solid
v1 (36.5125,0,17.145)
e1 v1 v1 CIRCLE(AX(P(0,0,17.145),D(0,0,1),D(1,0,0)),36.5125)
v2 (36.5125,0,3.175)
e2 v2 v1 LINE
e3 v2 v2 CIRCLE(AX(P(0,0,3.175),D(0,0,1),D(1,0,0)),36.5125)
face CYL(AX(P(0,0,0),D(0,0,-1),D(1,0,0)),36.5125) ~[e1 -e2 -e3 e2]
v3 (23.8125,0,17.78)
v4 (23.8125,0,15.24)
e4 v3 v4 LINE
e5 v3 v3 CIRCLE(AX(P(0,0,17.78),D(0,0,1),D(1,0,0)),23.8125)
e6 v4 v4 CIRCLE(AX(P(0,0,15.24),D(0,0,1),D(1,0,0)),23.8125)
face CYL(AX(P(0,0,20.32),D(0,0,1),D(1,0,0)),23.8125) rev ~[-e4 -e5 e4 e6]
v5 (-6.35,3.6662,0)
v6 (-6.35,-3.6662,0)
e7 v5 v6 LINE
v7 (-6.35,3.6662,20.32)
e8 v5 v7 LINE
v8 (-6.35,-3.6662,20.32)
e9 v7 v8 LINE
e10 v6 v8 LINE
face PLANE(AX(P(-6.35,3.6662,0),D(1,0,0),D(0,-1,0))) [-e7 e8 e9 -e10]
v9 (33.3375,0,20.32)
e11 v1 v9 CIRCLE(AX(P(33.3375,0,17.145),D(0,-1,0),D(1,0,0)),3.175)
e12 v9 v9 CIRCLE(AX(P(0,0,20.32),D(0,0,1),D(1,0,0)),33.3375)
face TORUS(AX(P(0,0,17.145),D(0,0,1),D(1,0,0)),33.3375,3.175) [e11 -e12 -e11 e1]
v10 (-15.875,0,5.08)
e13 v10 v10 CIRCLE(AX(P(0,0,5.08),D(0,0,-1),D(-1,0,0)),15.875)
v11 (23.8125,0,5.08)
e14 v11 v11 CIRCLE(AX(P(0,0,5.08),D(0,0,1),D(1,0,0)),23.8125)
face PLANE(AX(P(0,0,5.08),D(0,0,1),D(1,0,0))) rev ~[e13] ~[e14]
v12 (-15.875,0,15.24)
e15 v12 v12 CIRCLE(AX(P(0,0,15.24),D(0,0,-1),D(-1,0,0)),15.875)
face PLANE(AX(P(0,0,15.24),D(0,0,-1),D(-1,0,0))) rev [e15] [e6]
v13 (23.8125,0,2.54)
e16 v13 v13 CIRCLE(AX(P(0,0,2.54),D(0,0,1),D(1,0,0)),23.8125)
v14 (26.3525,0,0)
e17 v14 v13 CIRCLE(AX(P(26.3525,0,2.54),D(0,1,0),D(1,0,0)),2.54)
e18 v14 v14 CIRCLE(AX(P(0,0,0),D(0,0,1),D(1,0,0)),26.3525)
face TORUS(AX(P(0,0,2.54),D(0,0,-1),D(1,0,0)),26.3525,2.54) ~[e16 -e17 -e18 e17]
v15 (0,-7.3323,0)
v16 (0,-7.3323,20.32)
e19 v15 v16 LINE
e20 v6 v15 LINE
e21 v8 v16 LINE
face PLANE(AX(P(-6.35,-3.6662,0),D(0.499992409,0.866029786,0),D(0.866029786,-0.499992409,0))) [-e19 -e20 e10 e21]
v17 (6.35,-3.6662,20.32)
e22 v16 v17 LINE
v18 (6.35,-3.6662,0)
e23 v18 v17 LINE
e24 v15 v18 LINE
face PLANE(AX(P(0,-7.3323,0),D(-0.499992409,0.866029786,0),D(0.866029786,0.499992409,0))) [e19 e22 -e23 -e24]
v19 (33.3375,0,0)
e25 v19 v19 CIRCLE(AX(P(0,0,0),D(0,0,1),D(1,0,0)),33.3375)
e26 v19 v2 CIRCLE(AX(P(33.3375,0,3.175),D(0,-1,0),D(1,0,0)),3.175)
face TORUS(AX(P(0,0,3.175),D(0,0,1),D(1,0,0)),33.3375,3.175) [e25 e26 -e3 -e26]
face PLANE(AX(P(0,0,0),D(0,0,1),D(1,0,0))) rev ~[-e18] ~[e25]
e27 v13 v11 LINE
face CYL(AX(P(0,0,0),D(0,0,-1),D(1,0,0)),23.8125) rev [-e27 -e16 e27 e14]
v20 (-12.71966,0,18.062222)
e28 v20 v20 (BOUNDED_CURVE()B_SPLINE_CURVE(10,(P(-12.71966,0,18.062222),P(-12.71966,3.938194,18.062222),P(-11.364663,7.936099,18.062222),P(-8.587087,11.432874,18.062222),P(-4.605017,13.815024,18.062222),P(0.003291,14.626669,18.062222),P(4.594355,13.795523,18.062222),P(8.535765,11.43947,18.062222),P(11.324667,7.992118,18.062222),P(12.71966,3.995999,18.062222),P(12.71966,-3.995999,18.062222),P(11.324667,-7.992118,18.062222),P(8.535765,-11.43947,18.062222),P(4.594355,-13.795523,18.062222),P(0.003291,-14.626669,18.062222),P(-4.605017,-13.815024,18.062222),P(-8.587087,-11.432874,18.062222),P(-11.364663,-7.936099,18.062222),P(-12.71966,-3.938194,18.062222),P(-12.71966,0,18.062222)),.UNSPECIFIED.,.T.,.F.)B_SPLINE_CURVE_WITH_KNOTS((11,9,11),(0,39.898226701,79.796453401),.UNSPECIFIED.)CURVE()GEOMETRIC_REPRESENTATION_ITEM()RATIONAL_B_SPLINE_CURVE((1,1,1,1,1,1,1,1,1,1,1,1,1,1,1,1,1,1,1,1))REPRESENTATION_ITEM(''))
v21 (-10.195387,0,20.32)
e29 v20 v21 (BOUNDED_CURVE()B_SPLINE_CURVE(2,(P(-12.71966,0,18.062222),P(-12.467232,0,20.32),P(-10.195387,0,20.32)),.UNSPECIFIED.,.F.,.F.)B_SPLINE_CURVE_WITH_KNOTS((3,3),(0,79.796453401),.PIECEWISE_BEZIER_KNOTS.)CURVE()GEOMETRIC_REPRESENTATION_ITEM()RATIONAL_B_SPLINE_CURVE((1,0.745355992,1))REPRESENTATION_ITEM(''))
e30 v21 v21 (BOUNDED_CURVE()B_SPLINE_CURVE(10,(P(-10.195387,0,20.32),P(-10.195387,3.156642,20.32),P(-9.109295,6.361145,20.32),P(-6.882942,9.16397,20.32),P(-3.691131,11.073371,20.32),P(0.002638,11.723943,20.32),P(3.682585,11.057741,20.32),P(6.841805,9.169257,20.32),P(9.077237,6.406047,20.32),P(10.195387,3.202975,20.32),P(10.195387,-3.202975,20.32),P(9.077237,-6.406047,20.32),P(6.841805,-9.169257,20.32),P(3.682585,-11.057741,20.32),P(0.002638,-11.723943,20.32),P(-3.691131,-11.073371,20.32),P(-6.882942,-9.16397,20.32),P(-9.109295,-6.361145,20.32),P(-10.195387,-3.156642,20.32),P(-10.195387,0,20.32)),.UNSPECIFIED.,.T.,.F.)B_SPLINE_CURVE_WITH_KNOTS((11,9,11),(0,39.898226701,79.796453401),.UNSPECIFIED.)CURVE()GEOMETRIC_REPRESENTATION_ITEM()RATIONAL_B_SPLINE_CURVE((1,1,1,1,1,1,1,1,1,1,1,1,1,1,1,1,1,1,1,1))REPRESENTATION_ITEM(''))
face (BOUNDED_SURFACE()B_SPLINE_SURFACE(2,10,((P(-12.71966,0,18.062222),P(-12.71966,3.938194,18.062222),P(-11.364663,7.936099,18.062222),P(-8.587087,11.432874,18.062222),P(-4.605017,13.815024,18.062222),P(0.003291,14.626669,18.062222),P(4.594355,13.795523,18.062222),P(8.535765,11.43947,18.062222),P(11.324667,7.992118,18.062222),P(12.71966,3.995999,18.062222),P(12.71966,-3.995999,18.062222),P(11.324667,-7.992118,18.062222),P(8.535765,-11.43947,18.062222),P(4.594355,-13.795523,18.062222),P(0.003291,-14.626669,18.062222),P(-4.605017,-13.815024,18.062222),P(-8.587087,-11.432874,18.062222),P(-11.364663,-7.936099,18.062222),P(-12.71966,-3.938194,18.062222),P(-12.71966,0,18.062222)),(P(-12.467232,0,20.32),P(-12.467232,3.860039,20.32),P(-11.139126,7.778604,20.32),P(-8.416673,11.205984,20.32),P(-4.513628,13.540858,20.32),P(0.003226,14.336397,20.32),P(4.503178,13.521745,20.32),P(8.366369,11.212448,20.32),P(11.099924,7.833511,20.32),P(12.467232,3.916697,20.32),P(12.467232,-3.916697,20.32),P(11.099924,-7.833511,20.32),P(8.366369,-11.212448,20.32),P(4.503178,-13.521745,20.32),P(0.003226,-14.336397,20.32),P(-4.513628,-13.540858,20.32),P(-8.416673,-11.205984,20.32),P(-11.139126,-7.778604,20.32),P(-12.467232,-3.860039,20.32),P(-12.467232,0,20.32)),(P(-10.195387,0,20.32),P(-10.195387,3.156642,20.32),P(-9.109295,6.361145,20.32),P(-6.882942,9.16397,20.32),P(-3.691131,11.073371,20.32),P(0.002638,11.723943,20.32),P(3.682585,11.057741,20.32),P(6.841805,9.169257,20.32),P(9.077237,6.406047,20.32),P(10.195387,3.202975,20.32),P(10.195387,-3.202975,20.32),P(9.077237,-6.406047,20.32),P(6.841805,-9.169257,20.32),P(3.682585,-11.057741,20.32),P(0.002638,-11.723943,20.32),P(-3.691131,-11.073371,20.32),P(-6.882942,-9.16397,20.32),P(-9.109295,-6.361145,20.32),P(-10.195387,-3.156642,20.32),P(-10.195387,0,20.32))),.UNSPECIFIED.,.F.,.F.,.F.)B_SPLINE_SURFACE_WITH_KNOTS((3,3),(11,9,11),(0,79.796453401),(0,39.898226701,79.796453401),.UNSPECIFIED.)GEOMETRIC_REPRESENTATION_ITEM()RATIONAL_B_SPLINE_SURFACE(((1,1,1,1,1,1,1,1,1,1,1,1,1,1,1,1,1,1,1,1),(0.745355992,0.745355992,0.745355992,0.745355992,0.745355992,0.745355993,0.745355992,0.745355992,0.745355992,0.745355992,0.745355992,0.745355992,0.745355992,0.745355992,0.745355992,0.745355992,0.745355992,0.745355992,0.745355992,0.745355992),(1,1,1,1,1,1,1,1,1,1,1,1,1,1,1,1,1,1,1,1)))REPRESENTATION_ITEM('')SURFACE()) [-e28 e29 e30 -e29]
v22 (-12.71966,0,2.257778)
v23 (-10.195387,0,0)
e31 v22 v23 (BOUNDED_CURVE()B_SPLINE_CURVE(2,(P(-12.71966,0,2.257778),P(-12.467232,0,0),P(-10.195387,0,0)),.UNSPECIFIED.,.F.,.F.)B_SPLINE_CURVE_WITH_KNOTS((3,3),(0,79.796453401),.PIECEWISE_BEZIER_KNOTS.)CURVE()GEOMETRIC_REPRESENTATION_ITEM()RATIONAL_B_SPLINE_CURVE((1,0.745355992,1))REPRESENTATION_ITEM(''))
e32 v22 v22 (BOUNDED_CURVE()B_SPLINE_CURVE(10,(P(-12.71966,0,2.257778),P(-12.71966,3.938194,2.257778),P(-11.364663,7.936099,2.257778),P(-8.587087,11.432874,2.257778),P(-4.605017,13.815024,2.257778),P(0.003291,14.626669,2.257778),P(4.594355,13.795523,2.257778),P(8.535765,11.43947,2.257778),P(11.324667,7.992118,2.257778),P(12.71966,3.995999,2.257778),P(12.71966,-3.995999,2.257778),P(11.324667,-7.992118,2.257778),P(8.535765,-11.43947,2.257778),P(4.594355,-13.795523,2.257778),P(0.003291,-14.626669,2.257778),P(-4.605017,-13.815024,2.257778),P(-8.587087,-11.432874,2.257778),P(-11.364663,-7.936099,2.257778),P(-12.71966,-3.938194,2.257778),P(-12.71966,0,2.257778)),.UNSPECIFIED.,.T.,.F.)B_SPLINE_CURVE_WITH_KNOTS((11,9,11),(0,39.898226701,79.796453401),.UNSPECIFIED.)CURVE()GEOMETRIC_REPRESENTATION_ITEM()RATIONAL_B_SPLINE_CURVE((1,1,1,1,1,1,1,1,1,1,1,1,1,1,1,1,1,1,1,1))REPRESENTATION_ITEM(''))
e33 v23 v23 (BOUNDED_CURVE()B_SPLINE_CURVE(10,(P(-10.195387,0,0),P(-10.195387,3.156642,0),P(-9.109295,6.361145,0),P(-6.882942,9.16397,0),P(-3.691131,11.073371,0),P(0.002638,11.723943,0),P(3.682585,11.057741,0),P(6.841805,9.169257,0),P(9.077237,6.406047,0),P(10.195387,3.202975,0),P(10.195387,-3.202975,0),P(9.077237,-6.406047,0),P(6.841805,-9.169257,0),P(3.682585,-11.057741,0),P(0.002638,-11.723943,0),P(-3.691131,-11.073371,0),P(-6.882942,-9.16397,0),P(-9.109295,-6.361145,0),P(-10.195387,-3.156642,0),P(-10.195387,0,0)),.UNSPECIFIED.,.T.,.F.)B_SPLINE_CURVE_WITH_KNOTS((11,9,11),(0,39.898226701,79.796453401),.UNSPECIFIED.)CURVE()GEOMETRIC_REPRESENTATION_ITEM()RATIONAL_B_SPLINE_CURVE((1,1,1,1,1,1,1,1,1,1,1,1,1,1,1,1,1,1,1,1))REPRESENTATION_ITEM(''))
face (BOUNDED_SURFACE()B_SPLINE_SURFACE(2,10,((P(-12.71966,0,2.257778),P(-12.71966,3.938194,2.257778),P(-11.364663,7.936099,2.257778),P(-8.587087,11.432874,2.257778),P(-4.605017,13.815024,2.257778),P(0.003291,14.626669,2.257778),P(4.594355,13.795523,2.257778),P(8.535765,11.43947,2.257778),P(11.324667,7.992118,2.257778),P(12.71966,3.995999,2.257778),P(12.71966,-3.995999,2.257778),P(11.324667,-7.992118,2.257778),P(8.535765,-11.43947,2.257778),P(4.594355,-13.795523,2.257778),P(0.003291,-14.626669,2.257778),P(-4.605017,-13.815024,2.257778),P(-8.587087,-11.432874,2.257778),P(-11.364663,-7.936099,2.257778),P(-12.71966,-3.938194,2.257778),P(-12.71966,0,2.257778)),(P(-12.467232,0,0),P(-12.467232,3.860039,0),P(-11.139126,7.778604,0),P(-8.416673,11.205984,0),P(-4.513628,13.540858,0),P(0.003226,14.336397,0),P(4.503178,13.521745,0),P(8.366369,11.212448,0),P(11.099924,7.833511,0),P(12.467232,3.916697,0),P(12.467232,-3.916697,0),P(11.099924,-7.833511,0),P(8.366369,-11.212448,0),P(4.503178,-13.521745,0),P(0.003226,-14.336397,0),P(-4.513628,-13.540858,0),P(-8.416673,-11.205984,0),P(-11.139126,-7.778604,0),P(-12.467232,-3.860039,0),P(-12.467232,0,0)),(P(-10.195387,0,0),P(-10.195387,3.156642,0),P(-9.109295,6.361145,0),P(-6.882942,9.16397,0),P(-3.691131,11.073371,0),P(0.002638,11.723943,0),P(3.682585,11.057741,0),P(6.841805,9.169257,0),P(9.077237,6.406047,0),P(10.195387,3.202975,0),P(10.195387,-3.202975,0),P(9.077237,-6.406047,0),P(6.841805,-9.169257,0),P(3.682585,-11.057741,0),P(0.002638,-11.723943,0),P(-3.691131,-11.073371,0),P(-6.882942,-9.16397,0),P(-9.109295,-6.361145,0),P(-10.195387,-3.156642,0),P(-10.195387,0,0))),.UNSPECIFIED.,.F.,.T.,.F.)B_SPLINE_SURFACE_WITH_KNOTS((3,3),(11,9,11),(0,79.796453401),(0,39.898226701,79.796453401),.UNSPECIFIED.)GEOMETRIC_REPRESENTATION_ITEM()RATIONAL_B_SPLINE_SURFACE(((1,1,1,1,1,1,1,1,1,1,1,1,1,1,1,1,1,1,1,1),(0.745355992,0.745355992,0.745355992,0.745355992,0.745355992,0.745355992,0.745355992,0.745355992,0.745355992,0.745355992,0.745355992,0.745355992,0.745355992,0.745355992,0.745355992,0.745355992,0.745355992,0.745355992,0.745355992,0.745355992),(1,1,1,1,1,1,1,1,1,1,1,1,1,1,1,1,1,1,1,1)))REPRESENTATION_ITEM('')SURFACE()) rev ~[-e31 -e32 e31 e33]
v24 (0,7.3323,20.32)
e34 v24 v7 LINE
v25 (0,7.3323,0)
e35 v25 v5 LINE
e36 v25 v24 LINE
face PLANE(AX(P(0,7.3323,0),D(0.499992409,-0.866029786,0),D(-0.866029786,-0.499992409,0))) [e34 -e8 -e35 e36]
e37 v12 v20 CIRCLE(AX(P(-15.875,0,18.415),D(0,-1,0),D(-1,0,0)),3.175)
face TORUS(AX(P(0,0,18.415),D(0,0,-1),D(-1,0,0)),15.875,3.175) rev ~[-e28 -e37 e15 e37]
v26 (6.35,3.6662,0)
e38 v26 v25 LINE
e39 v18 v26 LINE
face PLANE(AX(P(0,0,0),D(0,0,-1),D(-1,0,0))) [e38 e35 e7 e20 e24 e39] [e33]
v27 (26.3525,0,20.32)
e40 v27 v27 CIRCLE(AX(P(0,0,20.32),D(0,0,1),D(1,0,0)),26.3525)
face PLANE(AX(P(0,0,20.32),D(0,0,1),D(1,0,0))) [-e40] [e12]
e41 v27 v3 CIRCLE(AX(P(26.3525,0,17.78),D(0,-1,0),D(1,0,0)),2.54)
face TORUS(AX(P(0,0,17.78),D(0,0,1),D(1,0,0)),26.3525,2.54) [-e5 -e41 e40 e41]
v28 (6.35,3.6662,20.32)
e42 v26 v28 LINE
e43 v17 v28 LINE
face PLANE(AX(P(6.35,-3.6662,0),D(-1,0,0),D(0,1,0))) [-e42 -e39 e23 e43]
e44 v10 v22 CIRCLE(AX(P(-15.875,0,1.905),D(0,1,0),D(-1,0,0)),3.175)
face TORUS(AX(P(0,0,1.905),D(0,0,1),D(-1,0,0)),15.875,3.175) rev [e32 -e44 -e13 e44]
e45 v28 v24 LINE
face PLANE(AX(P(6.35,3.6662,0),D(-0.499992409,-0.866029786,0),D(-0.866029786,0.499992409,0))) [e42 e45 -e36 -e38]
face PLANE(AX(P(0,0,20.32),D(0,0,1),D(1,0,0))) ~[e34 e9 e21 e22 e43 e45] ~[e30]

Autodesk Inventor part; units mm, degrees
ref_plane "YZ Plane" through (0, 0, 0) normal (1, 0, 0) x (0, 1, 0)
ref_plane "XZ Plane" through (0, 0, 0) normal (0, 1, 0) x (-1, 0, 0)
sketch "Sketch1" plane through (0, 0, 0) normal (0, 0, 1) x (1, 0, 0)
  circle A0 centre (0, 0) radius 36.5125
  circle A1 centre (0, 0) radius 23.8125
  dimension "d0" = 73.025
  dimension "d1" = 47.625
extrude "Extrusion1" add sketch "Sketch1" along normal blind 20.32 contours A0 | A1
extrude "Extrusion2" cut sketch "Sketch1" along normal blind 5.08 contours A1
fillet "Fillet1" radius 3.175 1 edges at (-36.5125, 0, 20.32)
fillet "Fillet2" radius 2.54 1 edges at (-23.8125, 0, 0)
sketch "Sketch2" plane through (0, 0, 5.08) normal (0, 0, -1) x (-1, 0, 0)
  circle A0 centre (0, 0) radius 23.8125 projected
  circle A1 centre (0, 0) radius 12.7
  dimension "d8" = 25.4
extrude "Extrusion3" add sketch "Sketch2" along normal blind 5.08 contours A1
fillet "Fillet3" radius 3.175 1 edges at (12.7, 0, 5.08)
fillet "Fillet4" radius 2.54 1 edges at (12.7, 0, 0)
ref_plane "Work Plane2" through (0, 0, 10.16) normal (0, 0, -1) x (-1, 0, 0)
mirror "Mirror1" about plane through (0, 0, 10.16) normal (0, 0, -1) of "Extrusion2"
mirror "Mirror2" about plane through (0, 0, 10.16) normal (0, 0, -1) of "Fillet1", "Fillet2"
mirror "Mirror3" about plane through (0, 0, 10.16) normal (0, 0, -1) of "Extrusion3"
mirror "Mirror4" about plane through (0, 0, 10.16) normal (0, 0, -1) of "Fillet3", "Fillet4"
sketch "Sketch3" plane through (0, 0, 0) normal (0, 0, -1) x (-1, 0, 0)
  line L0 (6.35, 3.6662) -> (6.35, -3.6662)
  line L1 (6.35, -3.6662) -> (0, -7.3323)
  line L2 (0, -7.3323) -> (-6.35, -3.6662)
  line L3 (-6.35, -3.6662) -> (-6.35, 3.6662)
  line L4 (-6.35, 3.6662) -> (0, 7.3323)
  line L5 (0, 7.3323) -> (6.35, 3.6662)
  point P0 (10.1954, -0.0083)
  point P1 (0, 0)
  point P2 (0, 0)
  dimension "d13" = 12.7
extrude "Extrusion4" cut sketch "Sketch3" against normal blind 254
properties part number "2338_2015_C_P_M_004_Wheel"
